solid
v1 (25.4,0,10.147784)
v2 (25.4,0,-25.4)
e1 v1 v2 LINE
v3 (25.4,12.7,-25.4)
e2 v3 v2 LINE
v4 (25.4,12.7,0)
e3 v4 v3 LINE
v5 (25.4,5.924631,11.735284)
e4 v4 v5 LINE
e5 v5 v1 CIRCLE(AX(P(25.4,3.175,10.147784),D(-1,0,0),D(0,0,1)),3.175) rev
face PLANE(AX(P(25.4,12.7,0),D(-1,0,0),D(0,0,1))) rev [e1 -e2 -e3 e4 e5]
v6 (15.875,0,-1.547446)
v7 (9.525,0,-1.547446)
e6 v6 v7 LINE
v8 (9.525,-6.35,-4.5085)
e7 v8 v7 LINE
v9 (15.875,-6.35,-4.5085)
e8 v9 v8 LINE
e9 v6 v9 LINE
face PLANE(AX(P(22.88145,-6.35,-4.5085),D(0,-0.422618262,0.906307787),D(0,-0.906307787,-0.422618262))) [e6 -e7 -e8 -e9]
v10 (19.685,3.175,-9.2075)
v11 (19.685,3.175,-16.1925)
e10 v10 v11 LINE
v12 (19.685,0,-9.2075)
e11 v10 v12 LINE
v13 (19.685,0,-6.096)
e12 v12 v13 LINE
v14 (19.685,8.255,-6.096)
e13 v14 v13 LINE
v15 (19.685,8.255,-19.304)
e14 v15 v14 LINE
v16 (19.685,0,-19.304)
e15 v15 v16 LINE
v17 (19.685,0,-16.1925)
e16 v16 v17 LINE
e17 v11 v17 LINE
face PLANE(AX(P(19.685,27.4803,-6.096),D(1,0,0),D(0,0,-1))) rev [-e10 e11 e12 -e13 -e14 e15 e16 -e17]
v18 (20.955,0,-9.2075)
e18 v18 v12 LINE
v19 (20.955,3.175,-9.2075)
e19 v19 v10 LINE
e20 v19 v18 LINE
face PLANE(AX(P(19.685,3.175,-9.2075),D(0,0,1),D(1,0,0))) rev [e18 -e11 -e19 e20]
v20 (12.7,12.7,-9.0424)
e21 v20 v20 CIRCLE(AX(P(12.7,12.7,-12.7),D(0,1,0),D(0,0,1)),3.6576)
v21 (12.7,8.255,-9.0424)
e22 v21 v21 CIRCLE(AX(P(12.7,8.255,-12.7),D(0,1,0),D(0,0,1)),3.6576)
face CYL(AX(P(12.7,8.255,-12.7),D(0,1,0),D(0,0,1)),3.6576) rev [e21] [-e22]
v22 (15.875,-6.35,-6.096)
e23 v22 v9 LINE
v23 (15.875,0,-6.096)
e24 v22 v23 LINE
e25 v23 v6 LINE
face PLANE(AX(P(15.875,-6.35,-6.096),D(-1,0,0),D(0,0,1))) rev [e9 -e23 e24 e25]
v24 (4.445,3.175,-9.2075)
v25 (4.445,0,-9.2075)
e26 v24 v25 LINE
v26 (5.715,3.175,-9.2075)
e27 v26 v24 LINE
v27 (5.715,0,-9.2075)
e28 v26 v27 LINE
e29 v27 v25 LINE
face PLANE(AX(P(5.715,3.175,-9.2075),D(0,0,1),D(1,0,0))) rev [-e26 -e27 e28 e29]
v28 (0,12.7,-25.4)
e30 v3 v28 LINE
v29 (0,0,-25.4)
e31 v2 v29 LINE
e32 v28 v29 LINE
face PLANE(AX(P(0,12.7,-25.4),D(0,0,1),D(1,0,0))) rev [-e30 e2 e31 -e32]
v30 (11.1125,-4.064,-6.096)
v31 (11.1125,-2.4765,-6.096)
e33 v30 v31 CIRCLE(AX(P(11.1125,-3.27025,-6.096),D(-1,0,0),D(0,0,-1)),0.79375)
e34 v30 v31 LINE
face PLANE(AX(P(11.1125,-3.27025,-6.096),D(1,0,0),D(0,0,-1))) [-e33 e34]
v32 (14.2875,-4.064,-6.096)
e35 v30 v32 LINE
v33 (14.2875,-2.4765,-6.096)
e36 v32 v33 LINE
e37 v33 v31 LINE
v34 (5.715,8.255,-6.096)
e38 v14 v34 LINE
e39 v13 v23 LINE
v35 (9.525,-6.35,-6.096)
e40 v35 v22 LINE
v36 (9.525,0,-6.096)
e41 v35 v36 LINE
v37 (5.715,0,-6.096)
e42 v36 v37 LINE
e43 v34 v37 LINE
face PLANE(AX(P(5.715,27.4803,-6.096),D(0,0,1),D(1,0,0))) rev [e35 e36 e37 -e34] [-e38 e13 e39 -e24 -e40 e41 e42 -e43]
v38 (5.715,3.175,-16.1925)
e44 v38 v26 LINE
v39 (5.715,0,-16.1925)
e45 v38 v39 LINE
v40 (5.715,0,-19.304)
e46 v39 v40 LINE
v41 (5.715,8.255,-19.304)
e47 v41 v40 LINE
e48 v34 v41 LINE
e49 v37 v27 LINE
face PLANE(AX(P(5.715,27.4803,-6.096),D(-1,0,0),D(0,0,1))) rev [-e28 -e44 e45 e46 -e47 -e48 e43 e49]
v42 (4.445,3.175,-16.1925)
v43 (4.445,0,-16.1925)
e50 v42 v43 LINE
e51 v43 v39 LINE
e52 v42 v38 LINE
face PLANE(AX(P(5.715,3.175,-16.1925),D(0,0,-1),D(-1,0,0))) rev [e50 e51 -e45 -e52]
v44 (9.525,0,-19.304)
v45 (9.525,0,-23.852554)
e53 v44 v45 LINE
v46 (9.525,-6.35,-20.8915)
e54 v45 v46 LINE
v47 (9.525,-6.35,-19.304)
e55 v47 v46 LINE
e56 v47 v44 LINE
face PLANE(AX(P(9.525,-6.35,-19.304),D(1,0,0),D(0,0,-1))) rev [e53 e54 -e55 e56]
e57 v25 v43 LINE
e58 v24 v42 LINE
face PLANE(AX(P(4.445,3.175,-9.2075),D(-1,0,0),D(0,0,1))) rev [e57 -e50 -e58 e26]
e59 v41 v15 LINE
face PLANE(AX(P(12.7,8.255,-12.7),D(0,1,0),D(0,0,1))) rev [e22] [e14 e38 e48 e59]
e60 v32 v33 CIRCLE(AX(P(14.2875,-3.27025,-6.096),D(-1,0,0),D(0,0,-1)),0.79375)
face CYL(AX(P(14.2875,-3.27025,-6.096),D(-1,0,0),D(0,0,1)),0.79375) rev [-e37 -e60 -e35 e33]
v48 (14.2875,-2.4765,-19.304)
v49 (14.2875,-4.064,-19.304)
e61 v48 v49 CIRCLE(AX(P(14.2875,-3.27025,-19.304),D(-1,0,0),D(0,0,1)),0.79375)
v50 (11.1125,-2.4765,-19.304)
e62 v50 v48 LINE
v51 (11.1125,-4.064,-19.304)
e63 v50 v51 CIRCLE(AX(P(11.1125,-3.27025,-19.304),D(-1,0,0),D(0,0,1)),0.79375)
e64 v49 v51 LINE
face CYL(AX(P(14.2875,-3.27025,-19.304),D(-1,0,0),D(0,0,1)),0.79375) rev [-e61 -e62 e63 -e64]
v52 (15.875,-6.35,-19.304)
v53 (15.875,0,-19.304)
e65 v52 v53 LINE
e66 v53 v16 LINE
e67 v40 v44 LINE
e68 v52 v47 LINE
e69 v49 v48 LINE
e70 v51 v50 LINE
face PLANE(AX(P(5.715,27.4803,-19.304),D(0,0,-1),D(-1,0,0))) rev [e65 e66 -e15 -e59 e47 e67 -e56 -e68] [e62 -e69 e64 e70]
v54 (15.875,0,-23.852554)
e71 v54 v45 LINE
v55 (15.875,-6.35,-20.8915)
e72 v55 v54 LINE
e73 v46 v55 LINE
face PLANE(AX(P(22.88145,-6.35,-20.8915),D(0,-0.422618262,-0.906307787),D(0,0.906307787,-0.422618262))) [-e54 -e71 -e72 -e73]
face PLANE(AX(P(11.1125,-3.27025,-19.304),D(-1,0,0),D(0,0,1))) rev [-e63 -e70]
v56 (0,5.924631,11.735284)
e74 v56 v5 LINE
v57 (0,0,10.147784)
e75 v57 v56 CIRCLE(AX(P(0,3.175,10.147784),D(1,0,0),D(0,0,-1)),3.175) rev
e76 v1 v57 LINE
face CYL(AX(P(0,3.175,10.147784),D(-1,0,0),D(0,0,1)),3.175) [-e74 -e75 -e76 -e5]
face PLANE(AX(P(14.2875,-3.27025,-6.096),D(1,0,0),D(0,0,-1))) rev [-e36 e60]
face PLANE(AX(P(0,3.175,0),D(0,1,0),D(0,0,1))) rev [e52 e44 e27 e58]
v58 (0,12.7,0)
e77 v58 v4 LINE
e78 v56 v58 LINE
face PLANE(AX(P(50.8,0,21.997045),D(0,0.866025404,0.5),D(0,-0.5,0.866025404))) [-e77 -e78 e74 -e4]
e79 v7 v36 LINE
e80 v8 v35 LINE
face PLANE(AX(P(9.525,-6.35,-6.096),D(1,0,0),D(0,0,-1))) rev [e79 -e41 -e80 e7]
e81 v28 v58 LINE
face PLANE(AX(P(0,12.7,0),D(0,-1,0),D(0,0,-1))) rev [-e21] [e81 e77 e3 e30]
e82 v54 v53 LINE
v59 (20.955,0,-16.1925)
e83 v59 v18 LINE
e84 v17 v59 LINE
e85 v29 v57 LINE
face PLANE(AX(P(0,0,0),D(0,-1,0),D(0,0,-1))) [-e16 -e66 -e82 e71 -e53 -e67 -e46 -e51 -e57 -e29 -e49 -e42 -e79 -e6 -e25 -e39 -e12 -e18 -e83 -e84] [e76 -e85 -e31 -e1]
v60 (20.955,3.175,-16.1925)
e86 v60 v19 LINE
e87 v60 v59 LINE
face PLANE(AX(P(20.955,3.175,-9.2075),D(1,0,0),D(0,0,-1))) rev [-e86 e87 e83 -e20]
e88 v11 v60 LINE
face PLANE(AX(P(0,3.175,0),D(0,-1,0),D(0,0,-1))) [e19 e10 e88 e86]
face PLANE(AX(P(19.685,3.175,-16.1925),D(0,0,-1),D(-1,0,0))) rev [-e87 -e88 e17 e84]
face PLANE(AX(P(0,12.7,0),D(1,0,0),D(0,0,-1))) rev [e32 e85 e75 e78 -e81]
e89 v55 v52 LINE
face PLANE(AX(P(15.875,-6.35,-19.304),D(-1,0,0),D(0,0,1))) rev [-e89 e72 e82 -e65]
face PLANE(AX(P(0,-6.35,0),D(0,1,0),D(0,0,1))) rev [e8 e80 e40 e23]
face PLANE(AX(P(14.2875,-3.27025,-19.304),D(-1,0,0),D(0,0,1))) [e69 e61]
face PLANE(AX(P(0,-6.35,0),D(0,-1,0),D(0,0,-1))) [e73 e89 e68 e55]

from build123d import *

# Parameters (mm, degrees)
SKETCH1_W           = 25.4
SKETCH1_H           = 25.4
BOSS_EXTRUDE1_DEPTH = 12.7
SKETCH3_R           = 3.6576
CUT_EXTRUDE1_DEPTH  = 4.445
SKETCH2_W           = 13.97
SKETCH2_H           = 13.208
CUT_EXTRUDE2_DEPTH  = 8.255
SKETCH4_W           = 1.27
SKETCH4_H           = 6.985
CUT_EXTRUDE3_DEPTH  = 3.175
BOSS_EXTRUDE2_DEPTH = 25.4
FILLET1_R           = 3.175
SKETCH6_W           = 6.35
SKETCH6_H           = 1.5875
BOSS_EXTRUDE3_DEPTH = 6.35
BOSS_EXTRUDE4_DEPTH = 6.35
SKETCH8_R           = 0.79375
CUT_EXTRUDE4_DEPTH  = 1.5875


with BuildPart() as part:
    # Sketch1 → Boss-Extrude1 (new body)
    with BuildSketch(Plane(origin=(0, 0, 0), x_dir=(1, 0, 0), z_dir=(0, 1, 0))):
        with Locations((12.7, 12.7)):
            Rectangle(SKETCH1_W, SKETCH1_H)
    extrude(amount=BOSS_EXTRUDE1_DEPTH)

    # Sketch3 → Cut-Extrude1 (cut)
    with BuildSketch(Plane(origin=(0, 12.7, 0), x_dir=(1, 0, 0), z_dir=(0, 1, 0))):
        with Locations(Location((12.7, 12.7, 0), (0, 0, 270))):
            Circle(SKETCH3_R)
    extrude(amount=-CUT_EXTRUDE1_DEPTH, mode=Mode.SUBTRACT)

    # Sketch2 → Cut-Extrude2 (cut)
    with BuildSketch(Plane.XZ):
        with Locations((12.7, -12.7)):
            Rectangle(SKETCH2_W, SKETCH2_H)
    extrude(amount=-CUT_EXTRUDE2_DEPTH, mode=Mode.SUBTRACT)

    # Sketch4 → Cut-Extrude3 (cut)
    with BuildSketch(Plane.XZ):
        with Locations((5.08, -12.7)):
            Rectangle(SKETCH4_W, SKETCH4_H)
        with Locations((20.32, -12.7)):
            Rectangle(SKETCH4_W, SKETCH4_H)
    extrude(amount=-CUT_EXTRUDE3_DEPTH, mode=Mode.SUBTRACT)

    # Sketch5 → Boss-Extrude2 (add)
    with BuildSketch(Plane.ZY):
        Polygon((0, 0), (21.997045256, 0), (0, 12.7), align=None)
    extrude(amount=-BOSS_EXTRUDE2_DEPTH)

    # Fillet1
    fillet1_edges = [part.edges().sort_by_distance(p)[0] for p in [
        (12.7, 0, 21.997045256),
    ]]
    fillet(fillet1_edges, radius=FILLET1_R)

    # Sketch6 → Boss-Extrude3 (add)
    with BuildSketch(Plane.XZ):
        with Locations((12.7, -5.30225)):
            Rectangle(SKETCH6_W, SKETCH6_H)
        with Locations((12.7, -20.09775)):
            Rectangle(SKETCH6_W, SKETCH6_H)
    extrude(amount=BOSS_EXTRUDE3_DEPTH)

    # Sketch7 → Boss-Extrude4 (add)
    with BuildSketch(Plane.ZY.offset(-9.525)):
        Polygon((-4.5085, -6.35), (-1.547446371, 0), (-4.5085, 0), align=None)
        Polygon((-20.8915, -6.35), (-23.852553629, 0), (-20.8915, 0), align=None)
    extrude(amount=-BOSS_EXTRUDE4_DEPTH)

    # Sketch8 → Cut-Extrude4 (cut, symmetric)
    with BuildSketch(Plane.ZY.offset(-12.7)):
        with Locations((-19.304, -3.27025)):
            Circle(SKETCH8_R)
        with Locations((-6.096, -3.27025)):
            Circle(SKETCH8_R)
    extrude(amount=CUT_EXTRUDE4_DEPTH, both=True, mode=Mode.SUBTRACT)


solid = part.part
